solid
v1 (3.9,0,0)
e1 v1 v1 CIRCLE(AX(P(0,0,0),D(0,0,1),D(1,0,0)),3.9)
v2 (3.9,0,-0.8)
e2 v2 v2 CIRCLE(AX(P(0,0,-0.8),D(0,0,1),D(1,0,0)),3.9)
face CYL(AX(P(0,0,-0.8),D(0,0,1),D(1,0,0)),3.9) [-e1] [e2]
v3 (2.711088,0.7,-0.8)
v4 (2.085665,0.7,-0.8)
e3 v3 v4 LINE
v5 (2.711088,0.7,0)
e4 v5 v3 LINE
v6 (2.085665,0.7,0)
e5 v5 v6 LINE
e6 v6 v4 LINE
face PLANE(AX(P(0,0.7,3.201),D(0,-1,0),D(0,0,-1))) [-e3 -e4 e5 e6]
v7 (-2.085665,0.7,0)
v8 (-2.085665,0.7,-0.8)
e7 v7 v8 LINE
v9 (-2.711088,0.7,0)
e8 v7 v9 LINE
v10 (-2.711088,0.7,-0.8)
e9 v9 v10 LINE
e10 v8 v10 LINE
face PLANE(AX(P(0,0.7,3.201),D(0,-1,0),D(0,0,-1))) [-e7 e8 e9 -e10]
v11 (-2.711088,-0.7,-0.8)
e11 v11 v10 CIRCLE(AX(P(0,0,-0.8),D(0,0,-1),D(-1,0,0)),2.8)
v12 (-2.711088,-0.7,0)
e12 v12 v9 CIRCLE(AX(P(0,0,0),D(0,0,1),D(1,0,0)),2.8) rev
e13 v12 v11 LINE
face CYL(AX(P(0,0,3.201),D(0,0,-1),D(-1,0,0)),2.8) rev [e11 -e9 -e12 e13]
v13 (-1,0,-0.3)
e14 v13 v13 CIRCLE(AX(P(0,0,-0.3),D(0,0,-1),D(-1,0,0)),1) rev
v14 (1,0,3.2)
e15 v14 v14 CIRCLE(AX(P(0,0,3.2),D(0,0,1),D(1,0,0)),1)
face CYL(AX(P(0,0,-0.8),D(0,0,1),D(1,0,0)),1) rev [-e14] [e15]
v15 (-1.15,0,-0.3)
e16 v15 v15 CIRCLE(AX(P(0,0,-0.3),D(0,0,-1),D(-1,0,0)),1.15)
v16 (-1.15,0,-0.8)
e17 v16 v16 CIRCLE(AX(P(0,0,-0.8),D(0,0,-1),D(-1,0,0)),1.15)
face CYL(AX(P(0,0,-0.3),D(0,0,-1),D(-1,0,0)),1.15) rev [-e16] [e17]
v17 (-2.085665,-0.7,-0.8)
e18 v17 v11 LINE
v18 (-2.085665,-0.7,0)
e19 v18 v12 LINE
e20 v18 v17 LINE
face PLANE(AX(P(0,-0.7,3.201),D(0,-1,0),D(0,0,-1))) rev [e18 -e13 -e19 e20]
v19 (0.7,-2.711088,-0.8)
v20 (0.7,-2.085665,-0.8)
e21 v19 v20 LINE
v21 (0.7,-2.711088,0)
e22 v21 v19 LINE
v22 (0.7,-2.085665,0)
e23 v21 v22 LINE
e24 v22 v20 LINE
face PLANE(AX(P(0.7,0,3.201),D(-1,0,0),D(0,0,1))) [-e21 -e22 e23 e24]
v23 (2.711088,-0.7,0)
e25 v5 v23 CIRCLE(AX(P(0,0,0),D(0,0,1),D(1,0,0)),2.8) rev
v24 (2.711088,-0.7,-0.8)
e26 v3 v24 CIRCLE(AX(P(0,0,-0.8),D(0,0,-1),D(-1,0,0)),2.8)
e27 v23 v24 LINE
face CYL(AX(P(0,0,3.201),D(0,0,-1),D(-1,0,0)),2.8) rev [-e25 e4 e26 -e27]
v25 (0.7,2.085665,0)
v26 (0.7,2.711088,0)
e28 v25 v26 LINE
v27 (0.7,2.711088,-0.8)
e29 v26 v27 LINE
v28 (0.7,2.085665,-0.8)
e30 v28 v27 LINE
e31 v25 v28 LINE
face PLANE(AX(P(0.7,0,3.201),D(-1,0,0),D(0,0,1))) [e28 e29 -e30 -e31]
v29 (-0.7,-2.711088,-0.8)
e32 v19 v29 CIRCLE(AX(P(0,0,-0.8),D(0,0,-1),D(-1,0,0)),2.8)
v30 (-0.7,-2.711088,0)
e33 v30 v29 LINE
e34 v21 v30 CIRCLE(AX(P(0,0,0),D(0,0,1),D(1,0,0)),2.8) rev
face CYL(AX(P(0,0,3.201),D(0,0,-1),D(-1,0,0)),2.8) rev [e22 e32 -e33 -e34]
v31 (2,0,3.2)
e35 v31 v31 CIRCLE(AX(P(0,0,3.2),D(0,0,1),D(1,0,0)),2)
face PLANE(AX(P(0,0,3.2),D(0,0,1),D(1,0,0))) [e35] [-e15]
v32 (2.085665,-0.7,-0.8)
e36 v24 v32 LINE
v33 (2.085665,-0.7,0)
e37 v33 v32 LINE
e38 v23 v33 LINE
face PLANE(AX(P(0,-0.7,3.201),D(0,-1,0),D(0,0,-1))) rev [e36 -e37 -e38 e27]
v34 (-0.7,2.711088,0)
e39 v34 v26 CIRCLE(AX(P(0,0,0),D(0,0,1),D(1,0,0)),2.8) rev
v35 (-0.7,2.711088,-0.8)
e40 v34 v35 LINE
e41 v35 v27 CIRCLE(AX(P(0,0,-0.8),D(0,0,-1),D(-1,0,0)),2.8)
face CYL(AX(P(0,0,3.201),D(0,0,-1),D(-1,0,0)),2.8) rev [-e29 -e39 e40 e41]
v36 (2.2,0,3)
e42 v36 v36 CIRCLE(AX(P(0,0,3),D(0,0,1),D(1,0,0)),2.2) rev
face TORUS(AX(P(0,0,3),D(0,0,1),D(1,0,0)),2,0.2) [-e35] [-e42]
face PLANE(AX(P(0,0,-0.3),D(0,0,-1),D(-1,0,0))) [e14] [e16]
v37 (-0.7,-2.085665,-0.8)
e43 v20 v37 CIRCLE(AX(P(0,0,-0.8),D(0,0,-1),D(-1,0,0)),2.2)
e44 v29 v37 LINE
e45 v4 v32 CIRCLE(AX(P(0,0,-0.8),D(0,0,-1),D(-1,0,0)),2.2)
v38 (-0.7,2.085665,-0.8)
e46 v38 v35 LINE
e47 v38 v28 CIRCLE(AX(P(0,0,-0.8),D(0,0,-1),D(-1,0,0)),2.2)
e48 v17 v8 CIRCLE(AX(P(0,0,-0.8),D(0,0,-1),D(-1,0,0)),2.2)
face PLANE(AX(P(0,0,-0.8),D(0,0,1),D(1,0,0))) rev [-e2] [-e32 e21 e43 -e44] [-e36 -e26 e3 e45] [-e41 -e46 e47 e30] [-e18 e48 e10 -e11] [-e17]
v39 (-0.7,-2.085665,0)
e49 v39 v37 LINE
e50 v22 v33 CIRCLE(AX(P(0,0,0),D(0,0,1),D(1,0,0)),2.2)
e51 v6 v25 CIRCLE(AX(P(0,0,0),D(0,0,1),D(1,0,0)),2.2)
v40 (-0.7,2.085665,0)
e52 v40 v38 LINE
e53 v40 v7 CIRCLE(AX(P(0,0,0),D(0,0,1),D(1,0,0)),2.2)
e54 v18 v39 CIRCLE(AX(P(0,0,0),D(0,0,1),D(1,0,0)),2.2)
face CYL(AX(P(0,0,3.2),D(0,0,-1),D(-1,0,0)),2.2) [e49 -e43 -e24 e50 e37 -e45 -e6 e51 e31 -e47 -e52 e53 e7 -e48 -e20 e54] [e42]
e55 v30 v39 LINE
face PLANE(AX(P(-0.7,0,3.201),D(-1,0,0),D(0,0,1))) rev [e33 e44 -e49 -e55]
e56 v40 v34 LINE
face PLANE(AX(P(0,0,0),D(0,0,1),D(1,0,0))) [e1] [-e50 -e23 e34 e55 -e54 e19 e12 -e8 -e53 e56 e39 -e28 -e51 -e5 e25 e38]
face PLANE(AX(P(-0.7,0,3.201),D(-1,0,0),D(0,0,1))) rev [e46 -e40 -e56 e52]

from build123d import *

# Parameters (mm, degrees)
SKETCH_1_R          = 3.9
SKETCH_1_R_2        = 2.2
SKETCH_1_R_3        = 1
EXTRUDE_1_DEPTH     = 0.8
SKETCH_1_4_R        = 2.2
SKETCH_1_4_R_2      = 1
EXTRUDE_2_DEPTH     = 3.2
FILLET_1_R          = 0.2
SKETCH_2_R          = 1.15
CUT_EXTRUDE_1_DEPTH = 0.5
CUT_EXTRUDE_2_REACH = 8.813


with BuildPart() as part:
    # Sketch 1 → Extrude 1 (new body)
    with BuildSketch(Plane.XY):
        Circle(SKETCH_1_R)
        Circle(SKETCH_1_R_2, mode=Mode.SUBTRACT)
        Circle(SKETCH_1_R_2)
        Circle(SKETCH_1_R_3, mode=Mode.SUBTRACT)
    extrude(amount=-EXTRUDE_1_DEPTH)

    # Sketch 1_4 → Extrude 2 (add)
    with BuildSketch(Plane.XY):
        Circle(SKETCH_1_4_R)
        Circle(SKETCH_1_4_R_2, mode=Mode.SUBTRACT)
    extrude(amount=EXTRUDE_2_DEPTH)

    # Fillet 1
    fillet_1_edges = [part.edges().sort_by_distance(p)[0] for p in [
        (-2.2, 0, 3.2),
    ]]
    fillet(fillet_1_edges, radius=FILLET_1_R)

    # Sketch 2 → Cut-Extrude 1 (cut)
    with BuildSketch(Plane(origin=(0, 0, -0.8), x_dir=(-1, 0, 0), z_dir=(0, 0, -1))):
        Circle(SKETCH_2_R)
    extrude(amount=-CUT_EXTRUDE_1_DEPTH, mode=Mode.SUBTRACT)

    # Sketch 3 → Cut-Extrude 2 (cut, up to next)
    with BuildSketch(Plane(origin=(0, 0, -0.8), x_dir=(-1, 0, 0), z_dir=(0, 0, -1)), mode=Mode.PRIVATE) as cut_extrude_2_sk1:
        with BuildLine():
            Line((-0.7, -2.085665361), (-0.7, -2.711088342))
            ThreePointArc((-0.7, -2.711088342), (0, -2.8), (0.7, -2.711088342))
            Line((0.7, -2.711088342), (0.7, -2.085665361))
            ThreePointArc((0.7, -2.085665361), (0, -2.2), (-0.7, -2.085665361))
        make_face()
    cut_extrude_2_tool1 = extrude(cut_extrude_2_sk1.sketch, amount=-CUT_EXTRUDE_2_REACH, mode=Mode.PRIVATE) & part.part
    # Sketch 3 → Cut-Extrude 2 (cut, up to next)
    with BuildSketch(Plane(origin=(0, 0, -0.8), x_dir=(-1, 0, 0), z_dir=(0, 0, -1)), mode=Mode.PRIVATE) as cut_extrude_2_sk2:
        with BuildLine():
            ThreePointArc((0.7, 2.711088342), (0, 2.8), (-0.7, 2.711088342))
            Line((-0.7, 2.711088342), (-0.7, 2.085665361))
            ThreePointArc((-0.7, 2.085665361), (0, 2.2), (0.7, 2.085665361))
            Line((0.7, 2.085665361), (0.7, 2.711088342))
        make_face()
    cut_extrude_2_tool2 = extrude(cut_extrude_2_sk2.sketch, amount=-CUT_EXTRUDE_2_REACH, mode=Mode.PRIVATE) & part.part
    # Sketch 3 → Cut-Extrude 2 (cut, up to next)
    with BuildSketch(Plane(origin=(0, 0, -0.8), x_dir=(-1, 0, 0), z_dir=(0, 0, -1)), mode=Mode.PRIVATE) as cut_extrude_2_sk3:
        with BuildLine():
            Line((-0.7, -2.085665361), (-0.7, -2.711088342))
            ThreePointArc((-0.7, -2.711088342), (0, -2.8), (0.7, -2.711088342))
            Line((0.7, -2.711088342), (0.7, -2.085665361))
            ThreePointArc((0.7, -2.085665361), (0, -2.2), (-0.7, -2.085665361))
        make_face()
    cut_extrude_2_tool3 = extrude(cut_extrude_2_sk3.sketch, amount=-CUT_EXTRUDE_2_REACH, mode=Mode.PRIVATE) & part.part
    # Sketch 3 → Cut-Extrude 2 (cut, up to next)
    with BuildSketch(Plane(origin=(0, 0, -0.8), x_dir=(-1, 0, 0), z_dir=(0, 0, -1)), mode=Mode.PRIVATE) as cut_extrude_2_sk4:
        with BuildLine():
            ThreePointArc((0.7, 2.711088342), (0, 2.8), (-0.7, 2.711088342))
            Line((-0.7, 2.711088342), (-0.7, 2.085665361))
            ThreePointArc((-0.7, 2.085665361), (0, 2.2), (0.7, 2.085665361))
            Line((0.7, 2.085665361), (0.7, 2.711088342))
        make_face()
    cut_extrude_2_tool4 = extrude(cut_extrude_2_sk4.sketch, amount=-CUT_EXTRUDE_2_REACH, mode=Mode.PRIVATE) & part.part
    # Sketch 3 → Cut-Extrude 2 (cut, up to next)
    with BuildSketch(Plane(origin=(0, 0, -0.8), x_dir=(-1, 0, 0), z_dir=(0, 0, -1)), mode=Mode.PRIVATE) as cut_extrude_2_sk5:
        with BuildLine():
            ThreePointArc((-2.711088342, 0.7), (-2.8, 0), (-2.711088342, -0.7))
            Line((-2.711088342, -0.7), (-2.085665361, -0.7))
            ThreePointArc((-2.085665361, -0.7), (-2.2, 0), (-2.085665361, 0.7))
            Line((-2.085665361, 0.7), (-2.711088342, 0.7))
        make_face()
    cut_extrude_2_tool5 = extrude(cut_extrude_2_sk5.sketch, amount=-CUT_EXTRUDE_2_REACH, mode=Mode.PRIVATE) & part.part
    # Sketch 3 → Cut-Extrude 2 (cut, up to next)
    with BuildSketch(Plane(origin=(0, 0, -0.8), x_dir=(-1, 0, 0), z_dir=(0, 0, -1)), mode=Mode.PRIVATE) as cut_extrude_2_sk6:
        with BuildLine():
            Line((2.085665361, -0.7), (2.711088342, -0.7))
            ThreePointArc((2.711088342, -0.7), (2.77768315, -0.352812019), (2.8, 0))
            ThreePointArc((2.8, 0), (2.77768315, 0.352812019), (2.711088342, 0.7))
            Line((2.711088342, 0.7), (2.085665361, 0.7))
            ThreePointArc((2.085665361, 0.7), (2.1712282, 0.354637988), (2.2, 0))
            ThreePointArc((2.2, 0), (2.1712282, -0.354637988), (2.085665361, -0.7))
        make_face()
    cut_extrude_2_tool6 = extrude(cut_extrude_2_sk6.sketch, amount=-CUT_EXTRUDE_2_REACH, mode=Mode.PRIVATE) & part.part
    # Sketch 3 → Cut-Extrude 2 (cut, up to next)
    with BuildSketch(Plane(origin=(0, 0, -0.8), x_dir=(-1, 0, 0), z_dir=(0, 0, -1)), mode=Mode.PRIVATE) as cut_extrude_2_sk7:
        with BuildLine():
            ThreePointArc((-2.711088342, 0.7), (-2.8, 0), (-2.711088342, -0.7))
            Line((-2.711088342, -0.7), (-2.085665361, -0.7))
            ThreePointArc((-2.085665361, -0.7), (-2.2, 0), (-2.085665361, 0.7))
            Line((-2.085665361, 0.7), (-2.711088342, 0.7))
        make_face()
    cut_extrude_2_tool7 = extrude(cut_extrude_2_sk7.sketch, amount=-CUT_EXTRUDE_2_REACH, mode=Mode.PRIVATE) & part.part
    # Sketch 3 → Cut-Extrude 2 (cut, up to next)
    with BuildSketch(Plane(origin=(0, 0, -0.8), x_dir=(-1, 0, 0), z_dir=(0, 0, -1)), mode=Mode.PRIVATE) as cut_extrude_2_sk8:
        with BuildLine():
            Line((2.085665361, -0.7), (2.711088342, -0.7))
            ThreePointArc((2.711088342, -0.7), (2.77768315, -0.352812019), (2.8, 0))
            ThreePointArc((2.8, 0), (2.77768315, 0.352812019), (2.711088342, 0.7))
            Line((2.711088342, 0.7), (2.085665361, 0.7))
            ThreePointArc((2.085665361, 0.7), (2.1712282, 0.354637988), (2.2, 0))
            ThreePointArc((2.2, 0), (2.1712282, -0.354637988), (2.085665361, -0.7))
        make_face()
    cut_extrude_2_tool8 = extrude(cut_extrude_2_sk8.sketch, amount=-CUT_EXTRUDE_2_REACH, mode=Mode.PRIVATE) & part.part
    add(cut_extrude_2_tool1.solids().sort_by_distance((0, -2.466051, -0.8))[0], mode=Mode.SUBTRACT)
    add(cut_extrude_2_tool2.solids().sort_by_distance((0, 2.466051, -0.8))[0], mode=Mode.SUBTRACT)
    add(cut_extrude_2_tool3.solids().sort_by_distance((0, -2.466051, -0.8))[0], mode=Mode.SUBTRACT)
    add(cut_extrude_2_tool4.solids().sort_by_distance((0, 2.466051, -0.8))[0], mode=Mode.SUBTRACT)
    add(cut_extrude_2_tool5.solids().sort_by_distance((2.466051, 0, -0.8))[0], mode=Mode.SUBTRACT)
    add(cut_extrude_2_tool6.solids().sort_by_distance((-2.466051, 0, -0.8))[0], mode=Mode.SUBTRACT)
    add(cut_extrude_2_tool7.solids().sort_by_distance((2.466051, 0, -0.8))[0], mode=Mode.SUBTRACT)
    add(cut_extrude_2_tool8.solids().sort_by_distance((-2.466051, 0, -0.8))[0], mode=Mode.SUBTRACT)


solid = part.part
